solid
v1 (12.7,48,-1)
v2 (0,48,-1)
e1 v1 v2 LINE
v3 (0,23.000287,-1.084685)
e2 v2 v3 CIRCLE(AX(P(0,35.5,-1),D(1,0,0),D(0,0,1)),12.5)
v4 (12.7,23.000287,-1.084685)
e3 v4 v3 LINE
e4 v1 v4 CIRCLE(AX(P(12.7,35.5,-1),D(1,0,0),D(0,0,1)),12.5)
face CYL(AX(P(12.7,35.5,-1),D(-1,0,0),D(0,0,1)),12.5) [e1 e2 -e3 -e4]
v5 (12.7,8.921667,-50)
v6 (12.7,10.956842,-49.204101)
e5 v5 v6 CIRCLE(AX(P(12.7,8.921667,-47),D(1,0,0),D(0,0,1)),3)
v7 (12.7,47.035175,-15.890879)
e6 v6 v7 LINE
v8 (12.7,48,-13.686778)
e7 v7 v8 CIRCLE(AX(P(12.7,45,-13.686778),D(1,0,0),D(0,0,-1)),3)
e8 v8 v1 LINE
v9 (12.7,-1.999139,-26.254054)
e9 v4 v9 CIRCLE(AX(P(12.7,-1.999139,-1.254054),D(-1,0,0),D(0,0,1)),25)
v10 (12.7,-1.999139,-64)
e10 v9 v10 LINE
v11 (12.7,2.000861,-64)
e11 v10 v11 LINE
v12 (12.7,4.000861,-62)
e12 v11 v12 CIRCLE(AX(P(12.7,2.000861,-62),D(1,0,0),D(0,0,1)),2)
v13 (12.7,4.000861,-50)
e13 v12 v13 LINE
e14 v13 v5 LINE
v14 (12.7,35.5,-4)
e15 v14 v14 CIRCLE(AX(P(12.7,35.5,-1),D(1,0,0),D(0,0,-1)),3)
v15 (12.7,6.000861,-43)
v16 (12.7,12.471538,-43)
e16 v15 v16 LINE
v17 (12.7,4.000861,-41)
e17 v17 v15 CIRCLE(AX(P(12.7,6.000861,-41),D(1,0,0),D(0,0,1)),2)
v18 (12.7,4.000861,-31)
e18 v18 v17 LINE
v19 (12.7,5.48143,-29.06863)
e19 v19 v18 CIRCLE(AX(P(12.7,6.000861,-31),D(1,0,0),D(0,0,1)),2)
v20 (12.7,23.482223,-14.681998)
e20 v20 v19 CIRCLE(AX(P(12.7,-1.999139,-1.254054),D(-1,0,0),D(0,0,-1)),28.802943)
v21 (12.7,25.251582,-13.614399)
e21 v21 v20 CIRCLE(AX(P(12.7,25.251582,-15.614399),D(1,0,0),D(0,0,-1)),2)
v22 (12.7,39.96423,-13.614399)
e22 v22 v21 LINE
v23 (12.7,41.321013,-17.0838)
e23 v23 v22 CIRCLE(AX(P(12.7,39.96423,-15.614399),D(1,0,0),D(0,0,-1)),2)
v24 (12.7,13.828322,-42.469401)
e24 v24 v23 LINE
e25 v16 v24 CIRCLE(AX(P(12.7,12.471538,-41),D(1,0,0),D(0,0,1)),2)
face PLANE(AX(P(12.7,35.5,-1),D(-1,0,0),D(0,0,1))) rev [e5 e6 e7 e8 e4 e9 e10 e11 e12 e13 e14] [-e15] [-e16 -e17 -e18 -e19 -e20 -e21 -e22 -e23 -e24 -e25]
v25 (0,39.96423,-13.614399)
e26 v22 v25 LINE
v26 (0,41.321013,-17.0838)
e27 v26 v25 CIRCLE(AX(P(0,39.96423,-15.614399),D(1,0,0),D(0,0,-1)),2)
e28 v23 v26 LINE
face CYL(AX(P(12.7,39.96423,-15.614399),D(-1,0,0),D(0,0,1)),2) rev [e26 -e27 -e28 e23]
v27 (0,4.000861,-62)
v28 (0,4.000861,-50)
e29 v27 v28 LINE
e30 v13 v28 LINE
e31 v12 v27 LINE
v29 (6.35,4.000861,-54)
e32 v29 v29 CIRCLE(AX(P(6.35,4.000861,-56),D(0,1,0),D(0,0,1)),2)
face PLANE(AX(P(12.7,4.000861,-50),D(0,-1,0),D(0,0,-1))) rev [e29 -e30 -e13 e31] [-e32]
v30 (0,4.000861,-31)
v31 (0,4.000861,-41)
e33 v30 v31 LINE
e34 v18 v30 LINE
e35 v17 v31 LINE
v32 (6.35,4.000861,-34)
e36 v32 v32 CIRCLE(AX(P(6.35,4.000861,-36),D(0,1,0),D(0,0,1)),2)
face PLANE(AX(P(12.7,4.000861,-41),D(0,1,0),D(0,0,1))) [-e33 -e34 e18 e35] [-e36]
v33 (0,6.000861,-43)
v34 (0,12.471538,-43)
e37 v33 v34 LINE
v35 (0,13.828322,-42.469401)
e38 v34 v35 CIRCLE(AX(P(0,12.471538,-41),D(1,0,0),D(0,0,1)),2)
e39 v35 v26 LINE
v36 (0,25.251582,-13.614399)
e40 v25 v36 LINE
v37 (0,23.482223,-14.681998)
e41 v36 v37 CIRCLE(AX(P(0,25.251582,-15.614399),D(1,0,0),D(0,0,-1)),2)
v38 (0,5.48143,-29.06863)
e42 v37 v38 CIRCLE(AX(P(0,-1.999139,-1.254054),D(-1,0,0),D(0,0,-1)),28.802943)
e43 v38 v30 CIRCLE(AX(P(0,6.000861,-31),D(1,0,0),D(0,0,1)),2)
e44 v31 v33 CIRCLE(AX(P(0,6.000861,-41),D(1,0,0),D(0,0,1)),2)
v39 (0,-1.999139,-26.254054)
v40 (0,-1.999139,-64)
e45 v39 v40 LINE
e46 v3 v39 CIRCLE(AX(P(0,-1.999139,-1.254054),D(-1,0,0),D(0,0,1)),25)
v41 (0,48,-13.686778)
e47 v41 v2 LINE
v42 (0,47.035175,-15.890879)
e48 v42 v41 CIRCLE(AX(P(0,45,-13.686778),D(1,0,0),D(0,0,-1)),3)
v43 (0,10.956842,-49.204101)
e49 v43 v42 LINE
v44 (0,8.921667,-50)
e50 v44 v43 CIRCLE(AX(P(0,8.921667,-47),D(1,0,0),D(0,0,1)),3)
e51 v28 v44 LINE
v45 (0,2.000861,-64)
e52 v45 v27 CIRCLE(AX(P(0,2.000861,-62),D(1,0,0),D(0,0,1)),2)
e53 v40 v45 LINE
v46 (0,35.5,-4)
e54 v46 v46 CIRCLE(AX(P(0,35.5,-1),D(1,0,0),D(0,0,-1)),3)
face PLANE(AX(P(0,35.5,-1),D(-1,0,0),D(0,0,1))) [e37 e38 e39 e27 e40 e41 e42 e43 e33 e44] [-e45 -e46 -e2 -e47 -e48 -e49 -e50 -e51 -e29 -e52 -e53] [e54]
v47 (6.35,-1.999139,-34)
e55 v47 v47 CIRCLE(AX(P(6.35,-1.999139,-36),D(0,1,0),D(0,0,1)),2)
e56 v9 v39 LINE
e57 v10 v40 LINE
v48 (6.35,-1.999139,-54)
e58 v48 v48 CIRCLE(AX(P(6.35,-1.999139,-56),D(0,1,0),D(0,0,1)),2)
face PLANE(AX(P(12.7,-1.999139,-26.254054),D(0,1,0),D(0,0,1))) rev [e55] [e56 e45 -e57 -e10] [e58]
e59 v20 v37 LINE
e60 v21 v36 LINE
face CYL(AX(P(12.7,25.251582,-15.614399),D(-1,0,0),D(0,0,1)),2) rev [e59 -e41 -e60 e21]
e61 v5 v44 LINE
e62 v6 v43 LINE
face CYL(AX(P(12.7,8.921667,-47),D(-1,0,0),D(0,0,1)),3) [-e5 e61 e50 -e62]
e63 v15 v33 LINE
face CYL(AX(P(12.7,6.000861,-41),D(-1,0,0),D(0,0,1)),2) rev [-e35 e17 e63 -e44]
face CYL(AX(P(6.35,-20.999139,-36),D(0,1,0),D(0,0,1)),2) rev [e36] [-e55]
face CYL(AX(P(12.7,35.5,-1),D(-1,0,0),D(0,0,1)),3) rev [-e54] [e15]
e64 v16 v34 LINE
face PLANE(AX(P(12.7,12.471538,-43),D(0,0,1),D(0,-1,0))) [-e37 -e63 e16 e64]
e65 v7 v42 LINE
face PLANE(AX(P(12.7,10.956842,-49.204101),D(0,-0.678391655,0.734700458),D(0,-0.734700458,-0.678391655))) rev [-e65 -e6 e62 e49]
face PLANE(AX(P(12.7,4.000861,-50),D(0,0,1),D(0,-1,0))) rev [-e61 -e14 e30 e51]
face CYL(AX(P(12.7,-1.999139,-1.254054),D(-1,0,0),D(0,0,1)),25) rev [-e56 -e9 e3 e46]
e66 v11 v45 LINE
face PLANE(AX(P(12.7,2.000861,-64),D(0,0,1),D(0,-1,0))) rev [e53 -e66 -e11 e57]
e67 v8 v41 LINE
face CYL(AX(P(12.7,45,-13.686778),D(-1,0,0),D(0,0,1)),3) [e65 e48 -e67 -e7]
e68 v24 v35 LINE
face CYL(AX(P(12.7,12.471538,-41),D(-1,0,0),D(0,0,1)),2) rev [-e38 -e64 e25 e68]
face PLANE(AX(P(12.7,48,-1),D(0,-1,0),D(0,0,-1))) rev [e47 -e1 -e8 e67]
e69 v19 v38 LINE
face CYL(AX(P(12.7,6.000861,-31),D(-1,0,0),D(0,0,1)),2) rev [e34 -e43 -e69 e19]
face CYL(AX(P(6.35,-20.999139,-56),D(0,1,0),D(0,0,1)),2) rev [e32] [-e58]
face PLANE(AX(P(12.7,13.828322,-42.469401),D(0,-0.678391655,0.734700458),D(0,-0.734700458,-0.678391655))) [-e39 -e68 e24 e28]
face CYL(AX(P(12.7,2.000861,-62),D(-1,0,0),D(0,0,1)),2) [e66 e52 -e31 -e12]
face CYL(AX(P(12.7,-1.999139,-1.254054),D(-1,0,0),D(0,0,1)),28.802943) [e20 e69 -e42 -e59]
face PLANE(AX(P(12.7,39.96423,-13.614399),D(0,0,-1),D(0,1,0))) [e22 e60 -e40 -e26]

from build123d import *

# Parameters (mm, degrees)
SKETCH1_R             = 3
BOSS_EXTRUDE2_DEPTH   = 12.7
CROQUIS3_R            = 2
CORTAR_EXTRUIR2_DEPTH = 25


with BuildPart() as part:
    # Sketch1 → Boss-Extrude2 (new body)
    with BuildSketch(Plane(origin=(0, 0, 0), x_dir=(0, 0, -1), z_dir=(1, 0, 0))):
        with BuildLine():
            Line((49.204101374, 10.956842444), (15.890879059, 47.035174964))
            ThreePointArc((15.890879059, 47.035174964), (14.889789553, 47.748228965), (13.686777685, 48))
            Line((13.686777685, 48), (1, 48))
            ThreePointArc((1, 48), (-11.499928284, 35.457657454), (1.084684606, 23.000286863))
            ThreePointArc((1.084684606, 23.000286863), (18.871740524, 15.738310099), (26.254053819, -1.999139412))
            Line((26.254053819, -1.999139412), (64, -1.999139412))
            Line((64, -1.999139412), (64, 2.000860588))
            ThreePointArc((64, 2.000860588), (63.414213562, 3.41507415), (62, 4.000860588))
            Line((62, 4.000860588), (50, 4.000860588))
            Line((50, 4.000860588), (50, 8.921667481))
            ThreePointArc((50, 8.921667481), (49.793949187, 10.014300969), (49.204101374, 10.956842444))
        make_face()
        with Locations((1, 35.5)):
            Circle(SKETCH1_R, mode=Mode.SUBTRACT)
        with BuildLine():
            Line((42.469400916, 13.828321623), (17.083800106, 41.321013221))
            ThreePointArc((17.083800106, 41.321013221), (14.885976864, 41.826862703), (13.61439919, 39.964229912))
            Line((13.61439919, 39.964229912), (13.61439919, 25.251581588))
            ThreePointArc((13.61439919, 25.251581588), (13.901973758, 24.218334695), (14.681998331, 23.482223332))
            ThreePointArc((14.681998331, 23.482223332), (23.753909667, 15.98324163), (29.068629616, 5.481429706))
            ThreePointArc((29.068629616, 5.481429706), (29.78321361, 4.413589067), (31, 4.000860588))
            Line((31, 4.000860588), (41, 4.000860588))
            ThreePointArc((41, 4.000860588), (42.414213562, 4.586647025), (43, 6.000860588))
            Line((43, 6.000860588), (43, 12.471538314))
            ThreePointArc((43, 12.471538314), (42.862632792, 13.199960639), (42.469400916, 13.828321623))
        make_face(mode=Mode.SUBTRACT)
    extrude(amount=BOSS_EXTRUDE2_DEPTH)

    # Croquis3 → Cortar-Extruir2 (cut)
    with BuildSketch(Plane(origin=(0, 4.000860588, 0), x_dir=(1, 0, 0), z_dir=(0, 1, 0))):
        with Locations(Location((6.35, 56, 0), (0, 0, 270))):
            Circle(CROQUIS3_R)
        with Locations(Location((6.35, 36, 0), (0, 0, 270))):
            Circle(CROQUIS3_R)
    extrude(amount=-CORTAR_EXTRUIR2_DEPTH, mode=Mode.SUBTRACT)


solid = part.part
